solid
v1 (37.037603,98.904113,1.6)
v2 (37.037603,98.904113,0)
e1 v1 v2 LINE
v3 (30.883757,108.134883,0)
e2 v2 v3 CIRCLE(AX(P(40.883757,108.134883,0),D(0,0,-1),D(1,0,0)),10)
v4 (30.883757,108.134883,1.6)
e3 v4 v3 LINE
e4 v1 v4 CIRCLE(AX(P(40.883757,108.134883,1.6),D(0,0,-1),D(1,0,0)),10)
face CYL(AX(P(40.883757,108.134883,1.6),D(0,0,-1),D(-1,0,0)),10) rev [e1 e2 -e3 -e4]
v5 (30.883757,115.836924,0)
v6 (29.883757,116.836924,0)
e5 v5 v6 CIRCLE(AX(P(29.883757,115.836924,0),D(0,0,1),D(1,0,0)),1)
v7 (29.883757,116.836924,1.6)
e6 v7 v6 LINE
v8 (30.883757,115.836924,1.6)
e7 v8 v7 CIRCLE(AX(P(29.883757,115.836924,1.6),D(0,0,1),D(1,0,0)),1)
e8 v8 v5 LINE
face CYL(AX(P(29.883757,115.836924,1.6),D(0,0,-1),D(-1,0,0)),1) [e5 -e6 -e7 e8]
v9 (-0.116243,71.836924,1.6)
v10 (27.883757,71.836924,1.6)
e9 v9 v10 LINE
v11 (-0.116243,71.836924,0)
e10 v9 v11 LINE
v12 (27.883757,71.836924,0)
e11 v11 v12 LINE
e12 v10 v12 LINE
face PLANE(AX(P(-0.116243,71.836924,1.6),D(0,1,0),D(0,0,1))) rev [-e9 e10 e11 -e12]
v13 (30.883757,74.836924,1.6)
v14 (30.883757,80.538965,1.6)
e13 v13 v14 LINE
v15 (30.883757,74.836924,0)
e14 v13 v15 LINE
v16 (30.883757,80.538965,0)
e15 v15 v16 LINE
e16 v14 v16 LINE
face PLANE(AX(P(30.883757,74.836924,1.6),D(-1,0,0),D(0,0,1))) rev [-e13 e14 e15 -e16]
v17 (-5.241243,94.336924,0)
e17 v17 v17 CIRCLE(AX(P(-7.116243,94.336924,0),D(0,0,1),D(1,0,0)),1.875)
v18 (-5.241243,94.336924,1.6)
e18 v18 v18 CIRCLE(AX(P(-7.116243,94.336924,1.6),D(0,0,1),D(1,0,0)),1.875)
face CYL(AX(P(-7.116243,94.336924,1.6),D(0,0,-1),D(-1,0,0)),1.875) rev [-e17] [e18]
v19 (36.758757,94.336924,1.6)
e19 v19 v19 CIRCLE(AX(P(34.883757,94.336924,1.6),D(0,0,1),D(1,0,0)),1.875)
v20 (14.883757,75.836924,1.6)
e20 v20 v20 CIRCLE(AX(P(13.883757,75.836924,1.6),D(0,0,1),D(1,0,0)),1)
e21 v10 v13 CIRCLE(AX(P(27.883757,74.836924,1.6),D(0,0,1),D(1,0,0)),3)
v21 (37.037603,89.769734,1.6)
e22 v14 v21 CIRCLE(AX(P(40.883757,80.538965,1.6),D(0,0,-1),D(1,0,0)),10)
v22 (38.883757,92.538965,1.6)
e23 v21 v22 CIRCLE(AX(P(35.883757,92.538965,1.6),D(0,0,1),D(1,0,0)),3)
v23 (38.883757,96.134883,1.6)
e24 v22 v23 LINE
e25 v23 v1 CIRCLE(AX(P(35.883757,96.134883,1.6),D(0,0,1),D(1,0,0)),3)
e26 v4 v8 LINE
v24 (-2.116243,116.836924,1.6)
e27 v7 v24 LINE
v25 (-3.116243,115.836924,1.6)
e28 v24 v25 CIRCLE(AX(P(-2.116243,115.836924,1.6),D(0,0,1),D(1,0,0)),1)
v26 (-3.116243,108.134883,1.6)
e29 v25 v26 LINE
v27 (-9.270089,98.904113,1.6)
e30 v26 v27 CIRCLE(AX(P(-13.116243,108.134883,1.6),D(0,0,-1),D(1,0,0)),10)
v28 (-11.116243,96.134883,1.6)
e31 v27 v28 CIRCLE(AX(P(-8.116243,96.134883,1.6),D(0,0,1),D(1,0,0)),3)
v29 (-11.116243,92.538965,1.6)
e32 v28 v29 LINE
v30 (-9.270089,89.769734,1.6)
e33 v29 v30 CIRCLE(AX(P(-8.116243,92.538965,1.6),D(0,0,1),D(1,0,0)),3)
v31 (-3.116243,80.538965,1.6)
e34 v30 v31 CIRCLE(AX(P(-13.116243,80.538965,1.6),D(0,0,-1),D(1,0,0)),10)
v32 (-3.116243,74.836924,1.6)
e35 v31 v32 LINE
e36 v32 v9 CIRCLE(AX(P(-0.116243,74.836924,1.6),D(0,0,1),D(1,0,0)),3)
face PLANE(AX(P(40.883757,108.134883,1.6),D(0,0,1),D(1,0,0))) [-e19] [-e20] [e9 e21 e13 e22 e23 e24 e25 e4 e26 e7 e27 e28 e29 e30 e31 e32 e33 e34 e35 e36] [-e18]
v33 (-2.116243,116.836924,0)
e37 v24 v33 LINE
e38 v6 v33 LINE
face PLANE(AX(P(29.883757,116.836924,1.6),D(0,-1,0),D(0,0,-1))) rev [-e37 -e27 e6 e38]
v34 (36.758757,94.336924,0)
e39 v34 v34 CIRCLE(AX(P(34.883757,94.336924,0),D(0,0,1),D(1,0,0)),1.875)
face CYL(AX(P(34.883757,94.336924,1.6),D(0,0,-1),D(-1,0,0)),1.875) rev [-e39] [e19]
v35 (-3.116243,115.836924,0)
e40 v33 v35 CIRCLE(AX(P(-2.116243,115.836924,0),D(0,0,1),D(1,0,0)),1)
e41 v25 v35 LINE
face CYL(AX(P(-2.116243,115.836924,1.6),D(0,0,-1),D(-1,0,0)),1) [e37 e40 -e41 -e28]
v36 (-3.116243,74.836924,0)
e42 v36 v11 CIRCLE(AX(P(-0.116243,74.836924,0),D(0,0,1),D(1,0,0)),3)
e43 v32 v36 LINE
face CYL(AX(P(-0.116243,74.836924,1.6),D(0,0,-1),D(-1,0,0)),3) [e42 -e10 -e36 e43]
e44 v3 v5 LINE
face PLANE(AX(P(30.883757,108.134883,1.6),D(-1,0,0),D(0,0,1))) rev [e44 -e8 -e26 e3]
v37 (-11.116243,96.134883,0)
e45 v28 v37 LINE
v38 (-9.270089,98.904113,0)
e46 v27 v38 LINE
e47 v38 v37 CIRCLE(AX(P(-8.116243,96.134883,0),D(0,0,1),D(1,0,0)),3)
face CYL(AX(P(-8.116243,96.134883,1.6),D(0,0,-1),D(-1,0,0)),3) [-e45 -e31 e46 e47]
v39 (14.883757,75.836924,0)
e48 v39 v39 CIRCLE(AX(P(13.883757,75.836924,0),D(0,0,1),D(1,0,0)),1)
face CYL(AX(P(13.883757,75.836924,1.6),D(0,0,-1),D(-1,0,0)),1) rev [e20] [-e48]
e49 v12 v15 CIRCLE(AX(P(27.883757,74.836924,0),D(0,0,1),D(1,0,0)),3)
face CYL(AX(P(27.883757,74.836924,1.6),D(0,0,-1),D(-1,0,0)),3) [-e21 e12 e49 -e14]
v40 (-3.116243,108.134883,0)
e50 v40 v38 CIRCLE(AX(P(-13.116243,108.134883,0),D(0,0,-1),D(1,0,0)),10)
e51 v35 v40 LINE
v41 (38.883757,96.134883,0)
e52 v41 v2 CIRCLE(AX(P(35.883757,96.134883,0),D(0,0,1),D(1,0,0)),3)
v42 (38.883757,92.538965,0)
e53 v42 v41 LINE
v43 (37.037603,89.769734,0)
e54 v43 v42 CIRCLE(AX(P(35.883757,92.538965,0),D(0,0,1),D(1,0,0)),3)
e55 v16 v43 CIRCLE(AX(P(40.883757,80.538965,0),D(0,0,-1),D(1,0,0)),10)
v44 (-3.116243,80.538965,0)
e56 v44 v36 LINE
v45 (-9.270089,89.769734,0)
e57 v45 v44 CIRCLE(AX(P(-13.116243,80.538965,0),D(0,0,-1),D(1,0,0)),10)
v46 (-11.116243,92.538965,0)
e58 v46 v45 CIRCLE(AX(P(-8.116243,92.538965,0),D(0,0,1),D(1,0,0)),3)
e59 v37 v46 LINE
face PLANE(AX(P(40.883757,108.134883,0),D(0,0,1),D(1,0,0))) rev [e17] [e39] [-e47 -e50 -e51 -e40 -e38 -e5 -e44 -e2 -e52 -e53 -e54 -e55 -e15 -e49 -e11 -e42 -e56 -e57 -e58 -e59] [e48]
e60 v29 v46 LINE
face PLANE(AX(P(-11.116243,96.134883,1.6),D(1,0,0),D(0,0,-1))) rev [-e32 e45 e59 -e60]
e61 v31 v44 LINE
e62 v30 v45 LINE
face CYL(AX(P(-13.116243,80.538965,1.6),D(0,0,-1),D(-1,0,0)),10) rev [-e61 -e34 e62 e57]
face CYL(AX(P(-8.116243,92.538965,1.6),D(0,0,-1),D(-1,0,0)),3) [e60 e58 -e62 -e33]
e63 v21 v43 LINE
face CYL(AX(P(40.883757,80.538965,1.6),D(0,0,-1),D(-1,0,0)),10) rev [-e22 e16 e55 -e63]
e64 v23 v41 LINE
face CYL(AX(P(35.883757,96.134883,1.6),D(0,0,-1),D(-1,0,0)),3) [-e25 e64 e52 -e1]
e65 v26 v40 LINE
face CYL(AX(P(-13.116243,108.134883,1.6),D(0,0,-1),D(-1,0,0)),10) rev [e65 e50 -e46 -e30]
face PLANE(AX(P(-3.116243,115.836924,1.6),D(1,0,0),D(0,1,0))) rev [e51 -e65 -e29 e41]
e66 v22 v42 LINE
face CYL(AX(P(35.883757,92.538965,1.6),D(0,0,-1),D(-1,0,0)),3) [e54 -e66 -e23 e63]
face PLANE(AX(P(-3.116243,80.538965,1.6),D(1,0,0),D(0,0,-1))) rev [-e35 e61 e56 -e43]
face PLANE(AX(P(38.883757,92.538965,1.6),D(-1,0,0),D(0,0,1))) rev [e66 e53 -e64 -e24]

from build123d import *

# Parameters (mm, degrees)
SKETCH1_R           = 1
SKETCH1_R_2         = 1.875
BOSS_EXTRUDE1_DEPTH = 1.6


with BuildPart() as part:
    # Sketch1 → Boss-Extrude1 (new body)
    with BuildSketch(Plane.XY):
        with BuildLine():
            Line((30.883756862, 108.134882568), (30.883756862, 115.836923597))
            ThreePointArc((30.883756862, 115.836923597), (30.590863643, 116.544030379), (29.883756862, 116.836923597))
            Line((29.883756862, 116.836923597), (-2.116243138, 116.836923597))
            ThreePointArc((-2.116243138, 116.836923597), (-2.82334992, 116.544030379), (-3.116243138, 115.836923597))
            Line((-3.116243138, 115.836923597), (-3.116243138, 108.134882568))
            ThreePointArc((-3.116243138, 108.134882568), (-4.795740195, 102.587880606), (-9.270089292, 98.904113338))
            ThreePointArc((-9.270089292, 98.904113338), (-10.612394021, 97.798983157), (-11.116243138, 96.134882568))
            Line((-11.116243138, 96.134882568), (-11.116243138, 92.538964626))
            ThreePointArc((-11.116243138, 92.538964626), (-10.612394021, 90.874864038), (-9.270089292, 89.769733857))
            ThreePointArc((-9.270089292, 89.769733857), (-4.795740195, 86.085966588), (-3.116243138, 80.538964626))
            Line((-3.116243138, 80.538964626), (-3.116243138, 74.836923597))
            ThreePointArc((-3.116243138, 74.836923597), (-2.237563482, 72.715603254), (-0.116243138, 71.836923597))
            Line((-0.116243138, 71.836923597), (27.883756862, 71.836923597))
            ThreePointArc((27.883756862, 71.836923597), (30.005077205, 72.715603254), (30.883756862, 74.836923597))
            Line((30.883756862, 74.836923597), (30.883756862, 80.538964626))
            ThreePointArc((30.883756862, 80.538964626), (32.563253918, 86.085966588), (37.037603016, 89.769733857))
            ThreePointArc((37.037603016, 89.769733857), (38.379907745, 90.874864038), (38.883756862, 92.538964626))
            Line((38.883756862, 92.538964626), (38.883756862, 96.134882568))
            ThreePointArc((38.883756862, 96.134882568), (38.379907745, 97.798983157), (37.037603016, 98.904113338))
            ThreePointArc((37.037603016, 98.904113338), (32.563253918, 102.587880606), (30.883756862, 108.134882568))
        make_face()
        with Locations((13.883756862, 75.836923597)):
            Circle(SKETCH1_R, mode=Mode.SUBTRACT)
        with Locations((-7.116243138, 94.336923597)):
            Circle(SKETCH1_R_2, mode=Mode.SUBTRACT)
        with Locations((34.883756862, 94.336923597)):
            Circle(SKETCH1_R_2, mode=Mode.SUBTRACT)
    extrude(amount=BOSS_EXTRUDE1_DEPTH)


solid = part.part
